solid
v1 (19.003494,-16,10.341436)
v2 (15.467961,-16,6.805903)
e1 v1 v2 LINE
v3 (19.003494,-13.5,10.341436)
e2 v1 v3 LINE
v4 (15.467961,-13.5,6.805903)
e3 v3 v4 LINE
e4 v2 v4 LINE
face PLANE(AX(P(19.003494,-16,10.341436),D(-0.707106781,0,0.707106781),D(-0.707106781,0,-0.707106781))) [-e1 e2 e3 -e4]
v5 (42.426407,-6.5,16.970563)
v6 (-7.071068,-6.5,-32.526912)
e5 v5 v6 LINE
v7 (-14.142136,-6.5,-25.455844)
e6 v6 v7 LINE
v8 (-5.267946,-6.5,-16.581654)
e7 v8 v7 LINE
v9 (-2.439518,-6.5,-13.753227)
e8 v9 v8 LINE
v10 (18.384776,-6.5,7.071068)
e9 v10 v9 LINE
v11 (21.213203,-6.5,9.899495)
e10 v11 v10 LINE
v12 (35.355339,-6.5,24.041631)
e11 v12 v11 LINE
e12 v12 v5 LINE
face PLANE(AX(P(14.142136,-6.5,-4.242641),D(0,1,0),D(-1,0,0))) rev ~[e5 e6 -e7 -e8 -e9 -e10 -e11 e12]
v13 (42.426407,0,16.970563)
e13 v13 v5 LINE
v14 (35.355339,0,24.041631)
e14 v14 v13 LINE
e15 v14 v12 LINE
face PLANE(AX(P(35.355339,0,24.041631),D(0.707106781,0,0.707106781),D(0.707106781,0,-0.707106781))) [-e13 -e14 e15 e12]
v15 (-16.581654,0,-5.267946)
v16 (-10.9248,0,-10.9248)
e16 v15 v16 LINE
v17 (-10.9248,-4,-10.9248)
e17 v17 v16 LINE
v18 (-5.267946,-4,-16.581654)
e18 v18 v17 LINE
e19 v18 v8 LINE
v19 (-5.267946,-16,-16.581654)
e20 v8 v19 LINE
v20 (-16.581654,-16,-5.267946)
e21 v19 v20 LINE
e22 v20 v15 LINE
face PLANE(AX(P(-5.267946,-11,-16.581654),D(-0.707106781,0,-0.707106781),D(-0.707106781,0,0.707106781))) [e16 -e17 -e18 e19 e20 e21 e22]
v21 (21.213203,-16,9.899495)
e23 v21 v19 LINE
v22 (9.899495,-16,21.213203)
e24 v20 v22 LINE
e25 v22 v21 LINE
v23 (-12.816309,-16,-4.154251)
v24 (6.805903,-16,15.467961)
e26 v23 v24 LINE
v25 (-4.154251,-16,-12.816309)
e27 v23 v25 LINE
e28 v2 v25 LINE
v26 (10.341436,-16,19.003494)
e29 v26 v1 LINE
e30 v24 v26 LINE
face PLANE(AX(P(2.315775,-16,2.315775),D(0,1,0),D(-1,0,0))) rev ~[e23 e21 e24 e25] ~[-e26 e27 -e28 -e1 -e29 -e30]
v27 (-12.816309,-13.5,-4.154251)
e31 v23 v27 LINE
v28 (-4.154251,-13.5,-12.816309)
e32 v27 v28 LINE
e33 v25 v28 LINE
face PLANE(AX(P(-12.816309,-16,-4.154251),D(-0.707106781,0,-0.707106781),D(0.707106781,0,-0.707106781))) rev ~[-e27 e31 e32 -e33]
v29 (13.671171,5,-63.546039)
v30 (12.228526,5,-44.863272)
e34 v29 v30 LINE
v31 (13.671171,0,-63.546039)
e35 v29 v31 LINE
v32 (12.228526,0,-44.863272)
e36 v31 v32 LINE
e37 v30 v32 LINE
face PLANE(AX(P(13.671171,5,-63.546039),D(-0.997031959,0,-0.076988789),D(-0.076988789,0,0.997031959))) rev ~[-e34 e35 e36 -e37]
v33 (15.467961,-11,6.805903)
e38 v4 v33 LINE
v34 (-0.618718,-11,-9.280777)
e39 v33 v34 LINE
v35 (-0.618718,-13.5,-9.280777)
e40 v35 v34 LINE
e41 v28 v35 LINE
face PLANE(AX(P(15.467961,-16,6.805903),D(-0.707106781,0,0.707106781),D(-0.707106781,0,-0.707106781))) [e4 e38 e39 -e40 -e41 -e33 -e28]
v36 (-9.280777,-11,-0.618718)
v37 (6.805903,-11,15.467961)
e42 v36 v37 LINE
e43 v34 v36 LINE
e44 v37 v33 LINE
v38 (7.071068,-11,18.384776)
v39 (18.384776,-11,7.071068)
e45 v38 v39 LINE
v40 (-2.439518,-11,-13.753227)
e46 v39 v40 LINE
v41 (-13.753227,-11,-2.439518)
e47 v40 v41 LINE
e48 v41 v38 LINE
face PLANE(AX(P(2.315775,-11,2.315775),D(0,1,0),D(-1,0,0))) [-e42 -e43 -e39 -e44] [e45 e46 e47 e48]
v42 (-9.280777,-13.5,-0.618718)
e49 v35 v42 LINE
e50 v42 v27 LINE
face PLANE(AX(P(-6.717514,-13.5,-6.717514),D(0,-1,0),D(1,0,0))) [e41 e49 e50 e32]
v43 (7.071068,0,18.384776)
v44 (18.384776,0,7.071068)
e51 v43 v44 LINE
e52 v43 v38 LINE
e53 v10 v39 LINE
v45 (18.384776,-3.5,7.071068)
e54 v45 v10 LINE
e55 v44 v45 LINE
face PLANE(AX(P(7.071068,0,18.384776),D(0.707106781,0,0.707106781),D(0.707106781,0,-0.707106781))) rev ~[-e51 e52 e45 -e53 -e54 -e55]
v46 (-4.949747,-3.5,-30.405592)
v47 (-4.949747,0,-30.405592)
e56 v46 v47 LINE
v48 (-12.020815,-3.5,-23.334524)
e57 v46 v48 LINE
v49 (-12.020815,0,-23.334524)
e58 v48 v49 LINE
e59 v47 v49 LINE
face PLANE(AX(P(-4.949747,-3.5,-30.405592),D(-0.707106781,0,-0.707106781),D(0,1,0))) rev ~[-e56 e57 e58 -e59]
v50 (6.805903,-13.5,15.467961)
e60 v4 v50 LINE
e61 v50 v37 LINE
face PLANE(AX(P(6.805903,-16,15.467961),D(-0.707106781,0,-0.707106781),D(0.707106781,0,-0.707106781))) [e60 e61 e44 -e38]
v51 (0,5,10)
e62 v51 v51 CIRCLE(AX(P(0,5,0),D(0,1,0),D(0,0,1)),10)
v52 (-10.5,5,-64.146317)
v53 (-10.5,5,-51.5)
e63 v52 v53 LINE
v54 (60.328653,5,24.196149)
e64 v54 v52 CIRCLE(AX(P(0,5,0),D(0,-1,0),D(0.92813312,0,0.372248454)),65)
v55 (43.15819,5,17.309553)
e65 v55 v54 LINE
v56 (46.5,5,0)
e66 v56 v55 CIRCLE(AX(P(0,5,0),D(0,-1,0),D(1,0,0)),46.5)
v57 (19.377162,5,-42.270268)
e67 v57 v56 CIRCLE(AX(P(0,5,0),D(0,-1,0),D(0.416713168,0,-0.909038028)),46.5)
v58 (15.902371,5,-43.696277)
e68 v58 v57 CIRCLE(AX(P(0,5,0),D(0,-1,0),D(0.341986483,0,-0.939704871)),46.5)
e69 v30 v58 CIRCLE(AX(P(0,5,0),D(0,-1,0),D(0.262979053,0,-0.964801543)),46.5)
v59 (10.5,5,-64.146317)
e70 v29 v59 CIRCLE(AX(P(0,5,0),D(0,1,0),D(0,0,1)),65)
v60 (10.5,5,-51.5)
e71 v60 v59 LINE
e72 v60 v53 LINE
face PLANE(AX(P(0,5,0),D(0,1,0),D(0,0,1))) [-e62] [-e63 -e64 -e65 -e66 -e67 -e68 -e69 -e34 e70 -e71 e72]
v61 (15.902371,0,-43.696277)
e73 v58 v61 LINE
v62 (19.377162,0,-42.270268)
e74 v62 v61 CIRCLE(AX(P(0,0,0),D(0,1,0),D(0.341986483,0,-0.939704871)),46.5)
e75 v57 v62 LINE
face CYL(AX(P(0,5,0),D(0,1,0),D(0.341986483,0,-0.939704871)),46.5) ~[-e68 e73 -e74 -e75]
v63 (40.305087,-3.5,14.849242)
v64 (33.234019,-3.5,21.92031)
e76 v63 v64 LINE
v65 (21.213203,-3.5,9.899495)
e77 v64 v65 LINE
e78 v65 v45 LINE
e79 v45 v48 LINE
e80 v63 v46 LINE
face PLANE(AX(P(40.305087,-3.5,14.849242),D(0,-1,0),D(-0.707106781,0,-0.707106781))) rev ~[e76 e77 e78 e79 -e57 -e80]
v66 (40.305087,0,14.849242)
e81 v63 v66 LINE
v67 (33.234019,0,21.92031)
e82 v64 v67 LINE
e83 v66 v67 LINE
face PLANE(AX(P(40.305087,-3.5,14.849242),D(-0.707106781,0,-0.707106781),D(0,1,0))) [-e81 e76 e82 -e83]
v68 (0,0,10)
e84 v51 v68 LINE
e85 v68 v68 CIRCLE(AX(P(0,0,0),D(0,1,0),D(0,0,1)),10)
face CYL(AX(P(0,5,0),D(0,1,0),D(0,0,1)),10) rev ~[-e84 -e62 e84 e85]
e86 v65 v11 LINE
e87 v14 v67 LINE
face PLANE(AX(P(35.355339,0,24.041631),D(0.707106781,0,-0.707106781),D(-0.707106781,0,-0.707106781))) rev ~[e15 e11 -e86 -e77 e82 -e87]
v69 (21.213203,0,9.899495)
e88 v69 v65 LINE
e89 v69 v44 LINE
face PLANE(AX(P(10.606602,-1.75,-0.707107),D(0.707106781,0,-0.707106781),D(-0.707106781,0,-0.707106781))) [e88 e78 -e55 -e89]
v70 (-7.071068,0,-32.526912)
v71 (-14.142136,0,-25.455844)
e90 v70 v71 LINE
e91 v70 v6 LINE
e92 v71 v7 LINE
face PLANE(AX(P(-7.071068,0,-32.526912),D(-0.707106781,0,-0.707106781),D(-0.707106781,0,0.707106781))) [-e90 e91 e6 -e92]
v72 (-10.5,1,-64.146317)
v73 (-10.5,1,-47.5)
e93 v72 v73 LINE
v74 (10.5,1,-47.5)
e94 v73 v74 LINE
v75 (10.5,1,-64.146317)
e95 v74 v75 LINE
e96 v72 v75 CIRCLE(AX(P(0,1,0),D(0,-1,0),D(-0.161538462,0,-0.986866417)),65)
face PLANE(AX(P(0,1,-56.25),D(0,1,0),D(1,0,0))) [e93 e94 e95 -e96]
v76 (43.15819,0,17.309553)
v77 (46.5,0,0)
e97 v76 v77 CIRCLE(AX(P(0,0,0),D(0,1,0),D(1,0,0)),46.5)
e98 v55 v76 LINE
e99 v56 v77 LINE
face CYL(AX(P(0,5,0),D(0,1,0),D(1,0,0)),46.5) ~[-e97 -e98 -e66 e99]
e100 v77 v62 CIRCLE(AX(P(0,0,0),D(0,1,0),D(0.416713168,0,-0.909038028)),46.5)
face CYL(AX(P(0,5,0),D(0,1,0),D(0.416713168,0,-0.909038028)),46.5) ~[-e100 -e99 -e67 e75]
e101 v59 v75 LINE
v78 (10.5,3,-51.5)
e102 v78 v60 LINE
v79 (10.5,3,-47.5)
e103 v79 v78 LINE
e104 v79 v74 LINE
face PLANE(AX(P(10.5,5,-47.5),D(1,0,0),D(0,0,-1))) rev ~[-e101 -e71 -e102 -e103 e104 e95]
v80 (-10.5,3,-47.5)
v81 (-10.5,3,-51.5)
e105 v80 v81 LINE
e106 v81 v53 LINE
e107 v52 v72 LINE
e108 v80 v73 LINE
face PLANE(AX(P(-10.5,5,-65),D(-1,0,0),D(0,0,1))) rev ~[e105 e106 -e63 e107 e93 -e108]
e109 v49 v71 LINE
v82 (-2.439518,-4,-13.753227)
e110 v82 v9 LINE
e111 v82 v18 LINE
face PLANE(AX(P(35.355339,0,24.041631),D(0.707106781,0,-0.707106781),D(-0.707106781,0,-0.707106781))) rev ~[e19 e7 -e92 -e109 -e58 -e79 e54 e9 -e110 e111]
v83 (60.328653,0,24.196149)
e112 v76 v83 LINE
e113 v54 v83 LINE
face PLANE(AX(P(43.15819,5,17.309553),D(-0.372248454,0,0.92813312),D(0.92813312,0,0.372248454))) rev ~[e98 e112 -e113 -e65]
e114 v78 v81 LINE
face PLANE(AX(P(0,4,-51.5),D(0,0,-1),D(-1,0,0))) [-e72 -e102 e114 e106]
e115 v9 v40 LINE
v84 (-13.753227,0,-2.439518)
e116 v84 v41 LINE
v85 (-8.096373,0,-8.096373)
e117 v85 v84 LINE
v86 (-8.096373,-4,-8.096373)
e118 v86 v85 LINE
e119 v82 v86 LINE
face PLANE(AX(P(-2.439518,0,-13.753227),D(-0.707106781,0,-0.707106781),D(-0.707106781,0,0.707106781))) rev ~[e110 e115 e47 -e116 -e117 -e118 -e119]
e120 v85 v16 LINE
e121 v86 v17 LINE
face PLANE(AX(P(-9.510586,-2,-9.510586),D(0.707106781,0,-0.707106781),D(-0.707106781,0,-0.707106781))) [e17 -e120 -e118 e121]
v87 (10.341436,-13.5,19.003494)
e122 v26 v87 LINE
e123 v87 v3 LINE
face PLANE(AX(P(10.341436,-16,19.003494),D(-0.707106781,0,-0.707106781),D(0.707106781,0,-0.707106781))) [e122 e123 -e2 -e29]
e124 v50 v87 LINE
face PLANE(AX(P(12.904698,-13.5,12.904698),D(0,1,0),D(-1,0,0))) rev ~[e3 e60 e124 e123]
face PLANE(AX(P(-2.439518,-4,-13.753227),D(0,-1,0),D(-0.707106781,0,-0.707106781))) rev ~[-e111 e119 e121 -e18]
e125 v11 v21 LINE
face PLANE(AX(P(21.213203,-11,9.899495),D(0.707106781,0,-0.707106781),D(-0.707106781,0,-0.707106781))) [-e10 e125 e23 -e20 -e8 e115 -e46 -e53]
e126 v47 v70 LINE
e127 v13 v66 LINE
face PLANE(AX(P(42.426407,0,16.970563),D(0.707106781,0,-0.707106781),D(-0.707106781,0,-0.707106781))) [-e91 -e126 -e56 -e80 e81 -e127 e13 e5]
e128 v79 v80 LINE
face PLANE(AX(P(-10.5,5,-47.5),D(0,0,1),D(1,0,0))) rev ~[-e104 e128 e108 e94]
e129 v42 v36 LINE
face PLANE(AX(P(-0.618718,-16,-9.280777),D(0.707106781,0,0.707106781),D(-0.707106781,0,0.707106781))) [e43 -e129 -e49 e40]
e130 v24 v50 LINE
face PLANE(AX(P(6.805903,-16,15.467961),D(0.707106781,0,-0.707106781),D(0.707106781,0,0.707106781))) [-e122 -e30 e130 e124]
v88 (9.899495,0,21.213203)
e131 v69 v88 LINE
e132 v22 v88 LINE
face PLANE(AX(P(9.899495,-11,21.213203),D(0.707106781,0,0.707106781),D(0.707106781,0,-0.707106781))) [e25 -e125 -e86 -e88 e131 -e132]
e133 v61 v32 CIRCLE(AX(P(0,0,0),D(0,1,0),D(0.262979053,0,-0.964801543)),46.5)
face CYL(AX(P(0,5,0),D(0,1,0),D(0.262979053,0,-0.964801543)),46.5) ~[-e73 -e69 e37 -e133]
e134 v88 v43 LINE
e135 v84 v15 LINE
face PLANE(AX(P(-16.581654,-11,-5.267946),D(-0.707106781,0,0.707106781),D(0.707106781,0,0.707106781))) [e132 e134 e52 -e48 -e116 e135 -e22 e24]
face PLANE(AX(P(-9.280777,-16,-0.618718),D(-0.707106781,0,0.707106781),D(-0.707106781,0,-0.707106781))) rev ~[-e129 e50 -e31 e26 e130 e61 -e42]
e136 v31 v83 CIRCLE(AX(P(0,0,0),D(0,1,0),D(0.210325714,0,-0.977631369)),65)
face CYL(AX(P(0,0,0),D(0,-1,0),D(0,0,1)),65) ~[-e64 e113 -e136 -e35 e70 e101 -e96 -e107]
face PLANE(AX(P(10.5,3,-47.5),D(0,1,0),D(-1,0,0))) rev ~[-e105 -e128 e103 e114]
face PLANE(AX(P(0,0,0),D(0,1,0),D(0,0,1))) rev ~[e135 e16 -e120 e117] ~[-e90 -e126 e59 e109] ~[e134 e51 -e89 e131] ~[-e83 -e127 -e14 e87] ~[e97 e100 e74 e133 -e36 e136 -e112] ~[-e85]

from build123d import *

# Parameters (mm, degrees)
SKETCH1_R           = 65
BOSS_EXTRUDE1_DEPTH = 5
SKETCH2_R           = 10
CUT_EXTRUDE1_DEPTH  = 5
CUT_EXTRUDE3_DEPTH  = 4
CUT_EXTRUDE2_DEPTH  = 93.059763198
BOSS_EXTRUDE2_DEPTH = 11
BOSS_EXTRUDE3_DEPTH = 5
CUT_EXTRUDE4_DEPTH  = 5
CUT_EXTRUDE5_DEPTH  = 2.5
SKETCH16_W          = 21
SKETCH16_H          = 2
BOSS_EXTRUDE5_DEPTH = 4
SKETCH17_W          = 4
SKETCH17_H          = 4
CUT_EXTRUDE8_DEPTH  = 8
BOSS_EXTRUDE6_DEPTH = 6.5
SKETCH23_W          = 64
SKETCH23_H          = 3.5
CUT_EXTRUDE9_DEPTH  = 10


with BuildPart() as part:
    # Sketch1 → Boss-Extrude1 (new body)
    with BuildSketch(Plane(origin=(0, 0, 0), x_dir=(1, 0, 0), z_dir=(0, 1, 0))):
        with Locations(Location((0, 0, 0), (0, 0, 270))):
            Circle(SKETCH1_R)
    extrude(amount=BOSS_EXTRUDE1_DEPTH)

    # Sketch2 → Cut-Extrude1 (cut)
    with BuildSketch(Plane(origin=(0, 5, 0), x_dir=(1, 0, 0), z_dir=(0, 1, 0))):
        with Locations(Location((0, 0, 0), (0, 0, 270))):
            Circle(SKETCH2_R)
    extrude(amount=-CUT_EXTRUDE1_DEPTH, mode=Mode.SUBTRACT)

    # Sketch5 → Cut-Extrude3 (cut)
    with BuildSketch(Plane(origin=(0, 5, 0), x_dir=(1, 0, 0), z_dir=(0, 1, 0))):
        Polygon((0, 47.5), (10.5, 47.5), (10.5, 65), (-10.5, 65), (-10.5, 47.5), align=None)
    extrude(amount=-CUT_EXTRUDE3_DEPTH, mode=Mode.SUBTRACT)

    # Sketch3 → Cut-Extrude2 (cut, through all)
    with BuildSketch(Plane(origin=(0, 5, 0), x_dir=(1, 0, 0), z_dir=(0, 1, 0))):
        with BuildLine():
            Line((43.158190089, -17.309553092), (60.328652813, -24.196149483))
            ThreePointArc((60.328652813, -24.196149483), (63.821479272, -12.321476518), (65, 0))
            ThreePointArc((65, 0), (54.706549574, 35.102612918), (27.086355887, 59.087471809))
            ThreePointArc((27.086355887, 59.087471809), (24.677873317, 60.133206871), (22.229121422, 61.080816635))
            ThreePointArc((22.229121422, 61.080816635), (17.992417486, 62.460170613), (13.671171428, 63.546038994))
            Line((13.671171428, 63.546038994), (12.228525973, 44.863271755))
            ThreePointArc((12.228525973, 44.863271755), (14.077546566, 44.317859636), (15.902371478, 43.696276516))
            ThreePointArc((15.902371478, 43.696276516), (17.654170911, 43.018371069), (19.377162288, 42.270268294))
            ThreePointArc((19.377162288, 42.270268294), (39.136223926, 25.111869241), (46.5, 0))
            ThreePointArc((46.5, 0), (45.656904402, -8.81459474), (43.158190089, -17.309553092))
        make_face()
    extrude(amount=-CUT_EXTRUDE2_DEPTH, mode=Mode.SUBTRACT)

    # Sketch9 → Boss-Extrude2 (add)
    with BuildSketch(Plane.XZ):
        Polygon((-13.753226894, -2.439518395), (-16.581654019, -5.26794552), (-5.26794552, -16.581654019), (-2.439518395, -13.753226894), align=None)
        Polygon((9.899494937, 21.213203436), (7.071067812, 18.384776311), (18.384776311, 7.071067812), (21.213203436, 9.899494937), align=None)
    extrude(amount=BOSS_EXTRUDE2_DEPTH)

    # Sketch10 → Boss-Extrude3 (add)
    with BuildSketch(Plane.XZ.offset(11)):
        Polygon((-5.26794552, -16.581654019), (-16.581654019, -5.26794552), (9.899494937, 21.213203436), (21.213203436, 9.899494937), align=None)
    extrude(amount=BOSS_EXTRUDE3_DEPTH)

    # Sketch11 → Cut-Extrude4 (cut)
    with BuildSketch(Plane.XZ.offset(16)):
        Polygon((6.805902769, 15.467960838), (15.467960838, 6.805902769), (-0.618718434, -9.280776503), (-9.280776503, -0.618718434), align=None)
    extrude(amount=-CUT_EXTRUDE4_DEPTH, mode=Mode.SUBTRACT)

    # Sketch12 → Cut-Extrude5 (cut)
    with BuildSketch(Plane.XZ.offset(16)):
        Polygon((-4.154251265, -12.816309334), (-0.618718434, -9.280776503), (-9.280776503, -0.618718434), (-12.816309334, -4.154251265), align=None)
        Polygon((6.805902769, 15.467960838), (10.3414356, 19.00349367), (19.00349367, 10.3414356), (15.467960838, 6.805902769), align=None)
    extrude(amount=-CUT_EXTRUDE5_DEPTH, mode=Mode.SUBTRACT)

    # Sketch16 → Boss-Extrude5 (add)
    with BuildSketch(Plane(origin=(0, 0, -47.5), x_dir=(-1, 0, 0), z_dir=(0, 0, -1))):
        with Locations((0, 4)):
            Rectangle(SKETCH16_W, SKETCH16_H)
    extrude(amount=BOSS_EXTRUDE5_DEPTH)

    # Sketch17 → Cut-Extrude8 (cut)
    with BuildSketch(Plane(origin=(5.656854249, 0, -5.656854249), x_dir=(-0.7071067811865472, 0, -0.7071067811865479), z_dir=(0.7071067811865479, 0, -0.7071067811865472))):
        with Locations((13.45, -2)):
            Rectangle(SKETCH17_W, SKETCH17_H)
    extrude(amount=-CUT_EXTRUDE8_DEPTH, mode=Mode.SUBTRACT)

    # Sketch22 → Boss-Extrude6 (add)
    with BuildSketch(Plane.XZ):
        Polygon((21.213203436, 9.899494937), (35.355339059, 24.04163056), (42.426406871, 16.970562748), (-7.071067812, -32.526911935), (-14.142135624, -25.455844123), align=None)
    extrude(amount=BOSS_EXTRUDE6_DEPTH)

    # Sketch23 → Cut-Extrude9 (cut)
    with BuildSketch(Plane(origin=(12.727922061, 0, -12.727922061), x_dir=(-0.7071067811865476, 0, -0.7071067811865476), z_dir=(0.7071067811865476, 0, -0.7071067811865476))):
        with Locations((-7, -1.75)):
            Rectangle(SKETCH23_W, SKETCH23_H)
    extrude(amount=-CUT_EXTRUDE9_DEPTH, mode=Mode.SUBTRACT)


solid = part.part
